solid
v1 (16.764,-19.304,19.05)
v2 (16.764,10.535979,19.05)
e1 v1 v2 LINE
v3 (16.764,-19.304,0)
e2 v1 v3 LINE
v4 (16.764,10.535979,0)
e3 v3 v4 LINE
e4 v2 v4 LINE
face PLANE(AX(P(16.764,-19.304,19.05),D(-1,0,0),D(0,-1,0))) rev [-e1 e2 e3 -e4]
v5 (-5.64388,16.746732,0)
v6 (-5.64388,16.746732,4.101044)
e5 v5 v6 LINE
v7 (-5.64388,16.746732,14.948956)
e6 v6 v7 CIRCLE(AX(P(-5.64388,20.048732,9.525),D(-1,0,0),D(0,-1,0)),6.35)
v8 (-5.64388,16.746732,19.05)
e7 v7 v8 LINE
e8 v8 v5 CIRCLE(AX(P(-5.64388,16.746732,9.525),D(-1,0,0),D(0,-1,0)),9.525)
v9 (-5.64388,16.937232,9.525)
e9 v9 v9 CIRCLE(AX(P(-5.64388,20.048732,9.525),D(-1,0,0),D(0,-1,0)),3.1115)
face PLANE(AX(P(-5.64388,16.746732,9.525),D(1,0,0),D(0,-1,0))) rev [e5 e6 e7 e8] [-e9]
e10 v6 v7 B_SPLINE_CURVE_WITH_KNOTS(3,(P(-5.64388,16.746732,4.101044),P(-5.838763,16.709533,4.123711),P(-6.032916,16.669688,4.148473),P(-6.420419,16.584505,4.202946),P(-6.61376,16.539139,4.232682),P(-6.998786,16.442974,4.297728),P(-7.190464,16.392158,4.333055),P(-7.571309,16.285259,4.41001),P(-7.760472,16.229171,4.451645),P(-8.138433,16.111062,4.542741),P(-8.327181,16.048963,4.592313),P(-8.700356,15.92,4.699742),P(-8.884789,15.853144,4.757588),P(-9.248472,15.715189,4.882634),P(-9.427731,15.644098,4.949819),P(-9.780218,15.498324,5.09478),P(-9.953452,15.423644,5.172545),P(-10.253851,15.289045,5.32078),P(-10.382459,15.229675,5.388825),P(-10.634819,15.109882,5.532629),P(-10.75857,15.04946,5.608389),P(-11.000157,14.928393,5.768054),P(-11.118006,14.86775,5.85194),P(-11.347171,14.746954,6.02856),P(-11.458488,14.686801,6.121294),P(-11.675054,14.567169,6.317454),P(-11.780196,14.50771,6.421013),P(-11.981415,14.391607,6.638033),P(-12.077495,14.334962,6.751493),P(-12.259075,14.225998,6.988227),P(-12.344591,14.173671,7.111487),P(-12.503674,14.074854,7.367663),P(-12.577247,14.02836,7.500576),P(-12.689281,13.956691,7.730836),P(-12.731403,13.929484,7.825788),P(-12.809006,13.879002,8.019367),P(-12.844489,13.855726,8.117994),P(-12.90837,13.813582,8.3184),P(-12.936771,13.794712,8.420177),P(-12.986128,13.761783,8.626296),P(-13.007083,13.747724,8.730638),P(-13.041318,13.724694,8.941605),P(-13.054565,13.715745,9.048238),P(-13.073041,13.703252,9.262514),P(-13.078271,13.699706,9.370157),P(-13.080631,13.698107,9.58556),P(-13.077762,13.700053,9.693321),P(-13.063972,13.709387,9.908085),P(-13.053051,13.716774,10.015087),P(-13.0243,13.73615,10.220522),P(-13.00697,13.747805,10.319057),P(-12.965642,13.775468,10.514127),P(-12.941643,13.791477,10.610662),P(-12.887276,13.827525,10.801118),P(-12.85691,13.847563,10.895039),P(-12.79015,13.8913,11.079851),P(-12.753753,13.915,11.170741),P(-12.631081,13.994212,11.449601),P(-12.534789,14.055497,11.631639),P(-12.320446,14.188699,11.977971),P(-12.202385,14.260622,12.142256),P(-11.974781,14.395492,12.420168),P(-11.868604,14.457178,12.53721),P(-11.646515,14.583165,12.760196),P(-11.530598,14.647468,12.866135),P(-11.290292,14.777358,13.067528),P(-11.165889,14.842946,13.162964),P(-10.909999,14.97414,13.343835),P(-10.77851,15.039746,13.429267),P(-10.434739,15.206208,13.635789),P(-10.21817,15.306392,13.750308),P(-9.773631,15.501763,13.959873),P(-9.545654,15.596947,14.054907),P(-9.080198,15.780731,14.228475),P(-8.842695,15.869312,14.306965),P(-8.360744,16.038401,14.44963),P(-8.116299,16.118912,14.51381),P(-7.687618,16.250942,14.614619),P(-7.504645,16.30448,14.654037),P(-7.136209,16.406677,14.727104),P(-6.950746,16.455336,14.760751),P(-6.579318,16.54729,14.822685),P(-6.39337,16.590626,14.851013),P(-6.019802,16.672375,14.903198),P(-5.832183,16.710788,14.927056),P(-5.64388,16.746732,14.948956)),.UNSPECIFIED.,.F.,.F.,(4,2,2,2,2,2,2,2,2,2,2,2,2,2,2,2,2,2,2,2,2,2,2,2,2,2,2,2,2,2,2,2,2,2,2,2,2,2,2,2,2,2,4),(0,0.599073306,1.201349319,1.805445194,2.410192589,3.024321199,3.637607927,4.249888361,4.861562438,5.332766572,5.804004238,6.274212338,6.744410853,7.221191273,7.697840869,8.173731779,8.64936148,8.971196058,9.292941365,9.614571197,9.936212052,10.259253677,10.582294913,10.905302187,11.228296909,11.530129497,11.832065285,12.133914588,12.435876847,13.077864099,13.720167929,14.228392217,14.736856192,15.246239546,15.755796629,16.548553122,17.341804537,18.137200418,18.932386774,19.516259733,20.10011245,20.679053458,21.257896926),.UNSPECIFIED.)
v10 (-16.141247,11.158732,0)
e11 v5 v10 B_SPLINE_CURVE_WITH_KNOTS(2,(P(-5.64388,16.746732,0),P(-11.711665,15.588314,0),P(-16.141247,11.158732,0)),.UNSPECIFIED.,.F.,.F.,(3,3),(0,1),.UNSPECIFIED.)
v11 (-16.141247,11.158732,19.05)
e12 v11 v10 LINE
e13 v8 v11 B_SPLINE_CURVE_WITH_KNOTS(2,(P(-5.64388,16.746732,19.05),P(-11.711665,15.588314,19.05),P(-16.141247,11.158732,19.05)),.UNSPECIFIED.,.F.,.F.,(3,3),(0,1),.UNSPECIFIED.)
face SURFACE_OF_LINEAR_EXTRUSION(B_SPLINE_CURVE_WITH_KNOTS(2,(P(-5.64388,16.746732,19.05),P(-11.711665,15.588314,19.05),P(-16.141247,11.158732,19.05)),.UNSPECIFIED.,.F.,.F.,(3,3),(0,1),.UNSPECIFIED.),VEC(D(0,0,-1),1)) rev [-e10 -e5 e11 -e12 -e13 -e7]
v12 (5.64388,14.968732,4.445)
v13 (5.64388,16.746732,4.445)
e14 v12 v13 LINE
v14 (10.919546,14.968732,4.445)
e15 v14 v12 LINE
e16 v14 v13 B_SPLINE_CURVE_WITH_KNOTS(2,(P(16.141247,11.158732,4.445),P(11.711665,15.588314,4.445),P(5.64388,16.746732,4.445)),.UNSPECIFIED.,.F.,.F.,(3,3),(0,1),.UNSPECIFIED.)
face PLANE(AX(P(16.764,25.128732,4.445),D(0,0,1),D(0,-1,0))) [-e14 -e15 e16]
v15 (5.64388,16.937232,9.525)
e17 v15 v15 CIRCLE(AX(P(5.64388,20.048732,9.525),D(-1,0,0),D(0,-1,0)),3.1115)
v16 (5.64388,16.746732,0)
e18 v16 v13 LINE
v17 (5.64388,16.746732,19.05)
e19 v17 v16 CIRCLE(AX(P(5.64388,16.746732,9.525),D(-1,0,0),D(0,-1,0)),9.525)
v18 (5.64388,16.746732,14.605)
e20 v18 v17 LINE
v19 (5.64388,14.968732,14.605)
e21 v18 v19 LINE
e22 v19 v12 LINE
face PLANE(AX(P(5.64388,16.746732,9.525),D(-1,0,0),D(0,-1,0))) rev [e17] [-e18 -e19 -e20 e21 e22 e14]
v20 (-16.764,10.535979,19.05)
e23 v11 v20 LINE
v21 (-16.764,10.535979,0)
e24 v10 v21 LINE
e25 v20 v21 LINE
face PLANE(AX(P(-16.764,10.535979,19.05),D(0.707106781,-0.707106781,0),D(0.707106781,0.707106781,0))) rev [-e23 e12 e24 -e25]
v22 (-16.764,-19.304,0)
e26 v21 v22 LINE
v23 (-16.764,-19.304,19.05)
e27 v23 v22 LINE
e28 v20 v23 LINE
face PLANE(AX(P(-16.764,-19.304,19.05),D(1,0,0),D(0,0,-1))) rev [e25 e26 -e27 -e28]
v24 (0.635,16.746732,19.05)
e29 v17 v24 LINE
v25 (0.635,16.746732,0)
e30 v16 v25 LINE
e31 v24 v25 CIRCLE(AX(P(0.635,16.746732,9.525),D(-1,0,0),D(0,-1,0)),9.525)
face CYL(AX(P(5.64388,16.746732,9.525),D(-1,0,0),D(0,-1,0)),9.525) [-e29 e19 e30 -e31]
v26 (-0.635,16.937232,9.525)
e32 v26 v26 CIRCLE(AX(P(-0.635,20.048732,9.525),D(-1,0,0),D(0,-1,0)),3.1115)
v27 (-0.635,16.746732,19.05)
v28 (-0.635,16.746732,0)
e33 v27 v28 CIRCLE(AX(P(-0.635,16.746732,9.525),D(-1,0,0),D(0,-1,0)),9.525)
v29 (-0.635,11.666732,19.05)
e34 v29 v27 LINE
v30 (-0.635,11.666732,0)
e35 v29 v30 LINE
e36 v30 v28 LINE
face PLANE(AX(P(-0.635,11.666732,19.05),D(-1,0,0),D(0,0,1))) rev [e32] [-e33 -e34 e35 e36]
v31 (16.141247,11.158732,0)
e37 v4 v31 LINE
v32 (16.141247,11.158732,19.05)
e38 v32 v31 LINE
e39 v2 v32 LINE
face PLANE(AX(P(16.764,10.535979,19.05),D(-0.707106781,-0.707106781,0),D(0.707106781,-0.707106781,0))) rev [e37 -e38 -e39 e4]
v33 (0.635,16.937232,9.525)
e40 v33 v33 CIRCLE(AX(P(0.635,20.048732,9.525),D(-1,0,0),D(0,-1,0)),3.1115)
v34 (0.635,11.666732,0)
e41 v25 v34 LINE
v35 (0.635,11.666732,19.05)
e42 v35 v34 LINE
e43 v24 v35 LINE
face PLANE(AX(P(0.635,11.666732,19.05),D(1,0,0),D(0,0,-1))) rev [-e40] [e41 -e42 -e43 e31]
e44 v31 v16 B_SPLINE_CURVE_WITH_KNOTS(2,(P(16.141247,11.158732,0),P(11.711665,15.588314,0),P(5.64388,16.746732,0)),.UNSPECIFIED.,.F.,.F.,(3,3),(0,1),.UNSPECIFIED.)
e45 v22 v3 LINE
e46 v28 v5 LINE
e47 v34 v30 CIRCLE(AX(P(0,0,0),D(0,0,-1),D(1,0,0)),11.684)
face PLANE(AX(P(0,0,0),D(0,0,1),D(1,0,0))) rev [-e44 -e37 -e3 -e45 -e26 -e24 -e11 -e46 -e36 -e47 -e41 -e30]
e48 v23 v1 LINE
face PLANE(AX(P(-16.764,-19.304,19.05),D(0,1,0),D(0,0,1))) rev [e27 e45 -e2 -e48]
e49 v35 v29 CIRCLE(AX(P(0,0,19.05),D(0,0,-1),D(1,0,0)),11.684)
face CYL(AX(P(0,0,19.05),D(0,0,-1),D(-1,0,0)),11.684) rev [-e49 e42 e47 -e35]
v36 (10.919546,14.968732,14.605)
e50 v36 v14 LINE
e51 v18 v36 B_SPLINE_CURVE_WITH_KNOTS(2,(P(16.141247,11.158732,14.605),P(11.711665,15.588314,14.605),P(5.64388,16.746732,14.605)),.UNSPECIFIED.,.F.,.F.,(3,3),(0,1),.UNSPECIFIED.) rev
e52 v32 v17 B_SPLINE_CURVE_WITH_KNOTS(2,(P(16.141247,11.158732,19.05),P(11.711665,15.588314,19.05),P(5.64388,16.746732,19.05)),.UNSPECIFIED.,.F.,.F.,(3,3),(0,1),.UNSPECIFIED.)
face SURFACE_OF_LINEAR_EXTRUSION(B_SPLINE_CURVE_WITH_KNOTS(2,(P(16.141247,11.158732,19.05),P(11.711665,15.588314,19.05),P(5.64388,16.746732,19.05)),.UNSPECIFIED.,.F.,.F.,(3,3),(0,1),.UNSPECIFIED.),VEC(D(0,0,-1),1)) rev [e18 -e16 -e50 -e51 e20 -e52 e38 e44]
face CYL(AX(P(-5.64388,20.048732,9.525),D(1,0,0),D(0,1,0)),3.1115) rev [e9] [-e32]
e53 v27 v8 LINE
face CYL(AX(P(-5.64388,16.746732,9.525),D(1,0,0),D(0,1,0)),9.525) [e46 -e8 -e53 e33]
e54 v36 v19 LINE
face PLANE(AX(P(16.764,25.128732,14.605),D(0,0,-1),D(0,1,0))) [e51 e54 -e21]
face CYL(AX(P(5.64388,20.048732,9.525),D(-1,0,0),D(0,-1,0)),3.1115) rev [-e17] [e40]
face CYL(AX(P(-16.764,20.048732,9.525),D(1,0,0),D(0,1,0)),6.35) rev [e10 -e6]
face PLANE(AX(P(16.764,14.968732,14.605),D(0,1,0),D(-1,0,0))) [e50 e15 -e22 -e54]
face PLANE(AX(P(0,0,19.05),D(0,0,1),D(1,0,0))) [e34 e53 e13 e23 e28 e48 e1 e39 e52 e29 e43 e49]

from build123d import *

# Parameters (mm, degrees)
BOSS_EXTRUDE1_DEPTH = 19.05
SKETCH2_R           = 3.1115
BOSS_EXTRUDE3_DEPTH = 5.00888
CUT_EXTRUDE1_DEPTH  = 37.525855062
SKETCH3_R           = 6.35
CUT_EXTRUDE2_DEPTH  = 40.436271203
SKETCH5_W           = 10.16
SKETCH5_H           = 10.16
CUT_EXTRUDE3_DEPTH  = 40.436271203


with BuildPart() as part:
    # Sketch1 → Boss-Extrude1 (new body)
    with BuildSketch(Plane.XY):
        with BuildLine():
            Line((-16.764, 10.535978608), (-13.649989304, 13.649989304))
            ThreePointArc((-13.649989304, 13.649989304), (-11.72846788, 15.33256199), (-9.60163475, 16.746731805))
            Line((-9.60163475, 16.746731805), (-0.635, 16.746731805))
            Line((-0.635, 16.746731805), (-0.635, 11.666731805))
            ThreePointArc((-0.635, 11.666731805), (0, -11.684), (0.635, 11.666731805))
            Line((0.635, 11.666731805), (0.635, 16.746731805))
            Line((0.635, 16.746731805), (9.60163475, 16.746731805))
            ThreePointArc((9.60163475, 16.746731805), (11.72846788, 15.33256199), (13.649989304, 13.649989304))
            Line((13.649989304, 13.649989304), (16.764, 10.535978608))
            Line((16.764, 10.535978608), (16.764, -19.304))
            Line((16.764, -19.304), (-16.764, -19.304))
            Line((-16.764, -19.304), (-16.764, 10.535978608))
        make_face()
    extrude(amount=BOSS_EXTRUDE1_DEPTH)

    # Sketch2 → Boss-Extrude3 (add)
    with BuildSketch(Plane.ZY.offset(-0.635)):
        with BuildLine():
            Line((19.05, 16.746731805), (0, 16.746731805))
            ThreePointArc((0, 16.746731805), (9.525, 26.271731805), (19.05, 16.746731805))
        make_face()
        with Locations(Location((9.525, 20.048731805, 0), (0, 0, 270))):
            Circle(SKETCH2_R, mode=Mode.SUBTRACT)
    boss_extrude3 = extrude(amount=-BOSS_EXTRUDE3_DEPTH)

    # Mirror7: Boss-Extrude3 across plane
    add(boss_extrude3.mirror(Plane(origin=(0, 0, 0), x_dir=(0, 0, 1), z_dir=(1, 0, 0))))

    # Sketch4 → Cut-Extrude1 (cut, through all)
    with BuildSketch(Plane(origin=(0, 0, 0), x_dir=(-1, 0, 0), z_dir=(0, 0, -1))):
        with BuildLine():
            Line((-16.141246803, 11.158731805), (-16.141246803, 17.710333674))
            Line((-16.141246803, 17.710333674), (-5.64388, 16.746731805))
            add(Edge.make_bspline(
                [(-5.64388, 16.746731805), (-11.711664831, 15.588313777), (-16.141246803, 11.158731805)],
                knots=[0, 0, 0, 1, 1, 1], degree=2))
        make_face()
        with BuildLine():
            Line((16.141246803, 17.710333674), (5.64388, 16.746731805))
            add(Edge.make_bspline(
                [(5.64388, 16.746731805), (11.711664831, 15.588313777), (16.141246803, 11.158731805)],
                knots=[0, 0, 0, 1, 1, 1], degree=2))
            Line((16.141246803, 11.158731805), (16.141246803, 17.710333674))
        make_face()
    extrude(amount=-CUT_EXTRUDE1_DEPTH, mode=Mode.SUBTRACT)

    # Sketch3 → Cut-Extrude2 (cut, through all)
    with BuildSketch(Plane.ZY.offset(5.64388)):
        with Locations((9.525, 20.048731805)):
            Circle(SKETCH3_R)
    extrude(amount=CUT_EXTRUDE2_DEPTH, mode=Mode.SUBTRACT)

    # Sketch5 → Cut-Extrude3 (cut, through all)
    with BuildSketch(Plane(origin=(5.64388, 0, 0), x_dir=(0, 0, -1), z_dir=(1, 0, 0))):
        with Locations((-9.525, 20.048731805)):
            Rectangle(SKETCH5_W, SKETCH5_H)
    extrude(amount=CUT_EXTRUDE3_DEPTH, mode=Mode.SUBTRACT)


solid = part.part
